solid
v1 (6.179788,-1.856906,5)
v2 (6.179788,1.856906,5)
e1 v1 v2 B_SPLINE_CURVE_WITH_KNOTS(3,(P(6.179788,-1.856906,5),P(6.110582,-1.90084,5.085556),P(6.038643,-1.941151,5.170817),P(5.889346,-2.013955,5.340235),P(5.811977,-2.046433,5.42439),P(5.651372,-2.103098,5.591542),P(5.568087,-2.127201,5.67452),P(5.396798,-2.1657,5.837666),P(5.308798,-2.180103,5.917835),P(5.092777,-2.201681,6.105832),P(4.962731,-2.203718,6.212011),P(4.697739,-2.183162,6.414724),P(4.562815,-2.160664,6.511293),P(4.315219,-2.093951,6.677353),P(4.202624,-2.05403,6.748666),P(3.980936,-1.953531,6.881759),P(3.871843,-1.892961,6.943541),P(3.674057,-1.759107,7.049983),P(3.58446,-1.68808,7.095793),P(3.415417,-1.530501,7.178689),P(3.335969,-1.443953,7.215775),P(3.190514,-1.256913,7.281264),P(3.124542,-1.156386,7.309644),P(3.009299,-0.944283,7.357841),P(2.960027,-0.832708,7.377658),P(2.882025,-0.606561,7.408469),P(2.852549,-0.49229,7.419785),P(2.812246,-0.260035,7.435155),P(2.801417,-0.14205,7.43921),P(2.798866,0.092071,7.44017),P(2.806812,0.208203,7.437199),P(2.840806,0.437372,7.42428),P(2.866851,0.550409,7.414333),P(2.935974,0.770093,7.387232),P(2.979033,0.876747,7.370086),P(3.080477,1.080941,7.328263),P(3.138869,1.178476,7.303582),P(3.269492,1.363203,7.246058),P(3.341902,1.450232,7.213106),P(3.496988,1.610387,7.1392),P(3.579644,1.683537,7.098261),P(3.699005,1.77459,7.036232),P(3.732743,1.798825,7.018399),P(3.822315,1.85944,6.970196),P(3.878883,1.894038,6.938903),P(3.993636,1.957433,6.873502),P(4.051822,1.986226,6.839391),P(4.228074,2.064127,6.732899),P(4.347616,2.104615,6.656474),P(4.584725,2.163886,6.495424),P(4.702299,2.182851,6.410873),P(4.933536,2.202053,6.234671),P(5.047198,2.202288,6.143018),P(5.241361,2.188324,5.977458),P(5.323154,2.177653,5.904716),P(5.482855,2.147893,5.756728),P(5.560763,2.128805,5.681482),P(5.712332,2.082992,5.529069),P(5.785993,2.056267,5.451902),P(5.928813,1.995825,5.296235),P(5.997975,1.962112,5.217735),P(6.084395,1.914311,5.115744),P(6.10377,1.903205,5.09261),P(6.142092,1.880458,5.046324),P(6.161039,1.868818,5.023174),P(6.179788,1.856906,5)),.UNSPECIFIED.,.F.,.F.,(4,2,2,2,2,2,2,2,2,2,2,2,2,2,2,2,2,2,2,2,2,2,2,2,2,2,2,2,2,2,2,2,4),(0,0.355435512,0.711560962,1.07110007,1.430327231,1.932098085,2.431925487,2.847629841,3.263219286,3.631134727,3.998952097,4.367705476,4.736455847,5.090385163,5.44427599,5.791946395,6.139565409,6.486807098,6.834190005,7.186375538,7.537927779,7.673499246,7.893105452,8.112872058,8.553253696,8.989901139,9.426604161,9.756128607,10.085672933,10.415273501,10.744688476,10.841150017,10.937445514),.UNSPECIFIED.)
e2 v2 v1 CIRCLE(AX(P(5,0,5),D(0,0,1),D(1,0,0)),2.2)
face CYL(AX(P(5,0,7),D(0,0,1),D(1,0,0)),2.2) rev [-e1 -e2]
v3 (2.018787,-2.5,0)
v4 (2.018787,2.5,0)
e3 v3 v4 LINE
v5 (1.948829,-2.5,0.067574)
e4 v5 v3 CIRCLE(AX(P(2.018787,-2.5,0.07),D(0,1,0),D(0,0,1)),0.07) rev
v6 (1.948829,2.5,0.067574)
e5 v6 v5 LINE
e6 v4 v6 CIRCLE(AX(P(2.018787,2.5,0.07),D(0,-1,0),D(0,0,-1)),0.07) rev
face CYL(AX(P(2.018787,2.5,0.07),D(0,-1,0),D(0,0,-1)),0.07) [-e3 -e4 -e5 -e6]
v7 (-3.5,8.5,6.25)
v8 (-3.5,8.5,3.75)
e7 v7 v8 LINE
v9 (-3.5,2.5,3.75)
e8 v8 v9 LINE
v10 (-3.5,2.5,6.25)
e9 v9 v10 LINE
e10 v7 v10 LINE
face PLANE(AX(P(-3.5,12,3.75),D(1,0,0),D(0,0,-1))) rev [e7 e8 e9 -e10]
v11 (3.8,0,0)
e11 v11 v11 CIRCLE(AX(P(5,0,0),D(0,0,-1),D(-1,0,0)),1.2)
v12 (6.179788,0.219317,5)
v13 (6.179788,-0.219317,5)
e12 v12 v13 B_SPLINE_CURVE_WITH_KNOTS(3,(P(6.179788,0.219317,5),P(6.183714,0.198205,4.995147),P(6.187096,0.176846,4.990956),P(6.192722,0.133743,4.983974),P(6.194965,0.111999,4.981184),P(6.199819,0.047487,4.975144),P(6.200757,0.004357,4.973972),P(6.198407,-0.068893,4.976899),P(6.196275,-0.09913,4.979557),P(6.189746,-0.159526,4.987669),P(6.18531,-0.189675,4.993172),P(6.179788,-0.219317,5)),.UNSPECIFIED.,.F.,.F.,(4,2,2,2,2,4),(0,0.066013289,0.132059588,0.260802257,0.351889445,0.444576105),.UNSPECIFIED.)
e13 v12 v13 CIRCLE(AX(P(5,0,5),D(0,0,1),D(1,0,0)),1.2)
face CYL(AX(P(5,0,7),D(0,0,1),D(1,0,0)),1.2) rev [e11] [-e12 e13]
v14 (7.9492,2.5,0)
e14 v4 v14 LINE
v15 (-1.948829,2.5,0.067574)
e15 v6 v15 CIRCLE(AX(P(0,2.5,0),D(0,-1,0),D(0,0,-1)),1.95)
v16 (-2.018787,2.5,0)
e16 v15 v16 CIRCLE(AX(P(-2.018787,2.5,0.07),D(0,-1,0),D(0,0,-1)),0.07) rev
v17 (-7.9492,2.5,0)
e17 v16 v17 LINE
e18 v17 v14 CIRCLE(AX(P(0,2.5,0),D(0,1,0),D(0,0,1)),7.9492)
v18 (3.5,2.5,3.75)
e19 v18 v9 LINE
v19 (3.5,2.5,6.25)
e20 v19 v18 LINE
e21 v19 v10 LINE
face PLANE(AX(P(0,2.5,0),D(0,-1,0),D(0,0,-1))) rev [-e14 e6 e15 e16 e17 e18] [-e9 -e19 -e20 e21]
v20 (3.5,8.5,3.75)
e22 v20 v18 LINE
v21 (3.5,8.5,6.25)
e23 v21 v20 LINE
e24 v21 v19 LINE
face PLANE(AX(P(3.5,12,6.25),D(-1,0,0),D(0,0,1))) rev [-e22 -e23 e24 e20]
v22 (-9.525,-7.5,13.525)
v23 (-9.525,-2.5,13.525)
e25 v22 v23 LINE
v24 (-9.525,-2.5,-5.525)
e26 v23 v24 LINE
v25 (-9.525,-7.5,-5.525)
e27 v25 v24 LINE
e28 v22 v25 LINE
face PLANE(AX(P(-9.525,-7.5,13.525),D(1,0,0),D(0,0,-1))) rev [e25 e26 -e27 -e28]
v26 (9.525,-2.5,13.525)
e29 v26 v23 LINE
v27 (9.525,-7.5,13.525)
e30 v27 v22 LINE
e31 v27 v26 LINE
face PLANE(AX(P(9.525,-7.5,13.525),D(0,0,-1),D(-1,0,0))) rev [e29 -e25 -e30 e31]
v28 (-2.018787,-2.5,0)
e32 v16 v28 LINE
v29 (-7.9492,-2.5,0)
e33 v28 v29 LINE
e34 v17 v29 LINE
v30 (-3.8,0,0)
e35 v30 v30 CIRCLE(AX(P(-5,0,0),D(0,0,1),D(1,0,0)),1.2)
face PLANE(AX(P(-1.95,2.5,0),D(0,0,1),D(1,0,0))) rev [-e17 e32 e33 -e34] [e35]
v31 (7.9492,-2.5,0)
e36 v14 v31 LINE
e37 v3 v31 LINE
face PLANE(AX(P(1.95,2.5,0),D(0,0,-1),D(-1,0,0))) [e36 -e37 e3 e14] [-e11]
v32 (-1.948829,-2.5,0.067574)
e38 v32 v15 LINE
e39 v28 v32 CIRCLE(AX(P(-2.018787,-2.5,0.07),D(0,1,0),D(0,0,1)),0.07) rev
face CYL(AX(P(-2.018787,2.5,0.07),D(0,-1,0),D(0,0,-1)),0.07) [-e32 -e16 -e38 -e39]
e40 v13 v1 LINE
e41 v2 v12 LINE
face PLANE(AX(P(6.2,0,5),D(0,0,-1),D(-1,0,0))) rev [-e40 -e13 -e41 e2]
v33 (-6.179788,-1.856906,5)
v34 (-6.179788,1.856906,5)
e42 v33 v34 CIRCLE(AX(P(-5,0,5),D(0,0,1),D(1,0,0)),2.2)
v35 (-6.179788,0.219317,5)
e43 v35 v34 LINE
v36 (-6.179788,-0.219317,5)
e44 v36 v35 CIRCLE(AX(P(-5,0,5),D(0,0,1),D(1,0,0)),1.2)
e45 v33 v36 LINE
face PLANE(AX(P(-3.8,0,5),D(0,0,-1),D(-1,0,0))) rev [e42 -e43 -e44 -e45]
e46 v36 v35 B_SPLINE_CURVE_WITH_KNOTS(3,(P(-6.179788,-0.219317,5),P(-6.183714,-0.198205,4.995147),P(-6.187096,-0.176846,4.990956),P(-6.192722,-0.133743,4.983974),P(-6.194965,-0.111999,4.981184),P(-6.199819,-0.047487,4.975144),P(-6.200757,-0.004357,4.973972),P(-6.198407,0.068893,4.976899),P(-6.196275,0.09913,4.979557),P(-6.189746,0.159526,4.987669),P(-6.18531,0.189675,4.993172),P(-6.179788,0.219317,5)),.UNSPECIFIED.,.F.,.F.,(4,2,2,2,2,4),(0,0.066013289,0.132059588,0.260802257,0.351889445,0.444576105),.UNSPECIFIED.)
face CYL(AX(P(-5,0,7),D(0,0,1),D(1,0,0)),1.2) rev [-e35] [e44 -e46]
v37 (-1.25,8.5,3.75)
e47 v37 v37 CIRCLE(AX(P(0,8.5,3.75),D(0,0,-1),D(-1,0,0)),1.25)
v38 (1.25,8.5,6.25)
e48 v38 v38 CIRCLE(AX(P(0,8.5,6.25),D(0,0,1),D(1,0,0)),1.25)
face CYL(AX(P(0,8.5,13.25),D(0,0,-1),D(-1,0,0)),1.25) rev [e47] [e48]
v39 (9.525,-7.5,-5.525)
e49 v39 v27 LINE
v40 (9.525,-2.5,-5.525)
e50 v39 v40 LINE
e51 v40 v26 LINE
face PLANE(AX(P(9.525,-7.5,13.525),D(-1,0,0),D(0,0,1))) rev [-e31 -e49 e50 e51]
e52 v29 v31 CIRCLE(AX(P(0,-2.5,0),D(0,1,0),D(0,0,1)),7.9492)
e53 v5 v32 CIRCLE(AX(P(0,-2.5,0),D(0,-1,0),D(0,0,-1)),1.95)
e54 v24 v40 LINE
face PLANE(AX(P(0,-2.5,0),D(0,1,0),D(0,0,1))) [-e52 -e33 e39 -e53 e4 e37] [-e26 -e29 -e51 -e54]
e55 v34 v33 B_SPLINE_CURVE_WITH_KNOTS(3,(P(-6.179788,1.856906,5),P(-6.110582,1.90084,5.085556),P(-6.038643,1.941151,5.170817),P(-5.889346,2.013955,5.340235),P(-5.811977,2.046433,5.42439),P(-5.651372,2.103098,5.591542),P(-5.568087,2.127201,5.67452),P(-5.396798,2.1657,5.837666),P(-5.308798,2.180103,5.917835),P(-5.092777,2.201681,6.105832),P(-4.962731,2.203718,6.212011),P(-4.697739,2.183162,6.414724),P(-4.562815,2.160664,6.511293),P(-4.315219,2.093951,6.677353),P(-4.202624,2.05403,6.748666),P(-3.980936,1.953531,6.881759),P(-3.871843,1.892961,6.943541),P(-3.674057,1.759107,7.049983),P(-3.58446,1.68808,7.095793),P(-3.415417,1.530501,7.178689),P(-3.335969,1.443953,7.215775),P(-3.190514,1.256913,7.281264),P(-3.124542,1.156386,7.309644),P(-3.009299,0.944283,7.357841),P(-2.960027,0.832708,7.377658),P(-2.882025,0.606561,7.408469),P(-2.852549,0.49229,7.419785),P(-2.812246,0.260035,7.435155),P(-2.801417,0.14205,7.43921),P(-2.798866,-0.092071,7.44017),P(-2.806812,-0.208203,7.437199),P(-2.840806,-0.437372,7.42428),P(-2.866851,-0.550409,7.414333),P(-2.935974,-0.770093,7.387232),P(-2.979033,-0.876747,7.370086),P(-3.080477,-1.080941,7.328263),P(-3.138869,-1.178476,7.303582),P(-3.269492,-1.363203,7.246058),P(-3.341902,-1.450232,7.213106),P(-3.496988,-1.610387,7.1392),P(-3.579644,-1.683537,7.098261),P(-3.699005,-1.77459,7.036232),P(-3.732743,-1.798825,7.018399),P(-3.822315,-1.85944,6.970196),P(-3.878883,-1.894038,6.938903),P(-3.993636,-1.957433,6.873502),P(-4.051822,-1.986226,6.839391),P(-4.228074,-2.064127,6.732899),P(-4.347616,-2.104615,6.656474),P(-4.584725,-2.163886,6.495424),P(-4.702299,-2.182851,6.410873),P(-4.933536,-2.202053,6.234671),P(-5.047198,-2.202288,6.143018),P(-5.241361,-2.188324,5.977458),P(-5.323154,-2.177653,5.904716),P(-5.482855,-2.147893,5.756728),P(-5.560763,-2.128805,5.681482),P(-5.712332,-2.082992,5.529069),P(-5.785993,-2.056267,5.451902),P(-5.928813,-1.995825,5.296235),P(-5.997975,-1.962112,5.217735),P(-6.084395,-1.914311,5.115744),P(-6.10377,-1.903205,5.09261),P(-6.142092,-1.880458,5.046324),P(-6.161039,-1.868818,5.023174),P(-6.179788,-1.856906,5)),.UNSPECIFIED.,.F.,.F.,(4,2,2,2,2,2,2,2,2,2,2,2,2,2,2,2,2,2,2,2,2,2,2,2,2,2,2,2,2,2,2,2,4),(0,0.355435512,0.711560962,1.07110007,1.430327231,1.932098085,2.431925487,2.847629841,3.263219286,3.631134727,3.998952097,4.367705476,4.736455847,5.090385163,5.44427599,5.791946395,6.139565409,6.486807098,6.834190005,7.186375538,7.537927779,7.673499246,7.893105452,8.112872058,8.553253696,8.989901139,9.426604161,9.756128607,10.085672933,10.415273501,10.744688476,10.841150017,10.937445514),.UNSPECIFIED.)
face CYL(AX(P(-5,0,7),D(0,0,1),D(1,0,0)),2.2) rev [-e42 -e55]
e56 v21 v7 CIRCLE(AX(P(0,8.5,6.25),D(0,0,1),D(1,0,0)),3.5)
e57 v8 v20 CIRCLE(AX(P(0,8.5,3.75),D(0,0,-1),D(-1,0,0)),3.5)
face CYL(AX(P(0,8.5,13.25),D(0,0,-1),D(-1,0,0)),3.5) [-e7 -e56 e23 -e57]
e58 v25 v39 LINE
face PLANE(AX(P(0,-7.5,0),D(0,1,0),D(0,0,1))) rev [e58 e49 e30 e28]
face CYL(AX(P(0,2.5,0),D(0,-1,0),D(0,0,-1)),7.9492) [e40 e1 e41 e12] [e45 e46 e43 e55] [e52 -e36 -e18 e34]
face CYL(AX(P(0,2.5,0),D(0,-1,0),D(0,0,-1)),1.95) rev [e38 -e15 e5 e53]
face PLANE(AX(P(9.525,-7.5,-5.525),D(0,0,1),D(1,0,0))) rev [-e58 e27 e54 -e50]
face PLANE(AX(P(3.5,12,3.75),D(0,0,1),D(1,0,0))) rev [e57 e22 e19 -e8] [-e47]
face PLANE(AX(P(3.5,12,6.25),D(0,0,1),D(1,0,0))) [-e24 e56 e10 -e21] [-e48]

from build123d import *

# Parameters (mm, degrees)
BOSS_EXTRUDE1_DEPTH           = 2.5
SKETCH2_W                     = 7
SKETCH2_H                     = 2.5
BOSS_EXTRUDE2_DEPTH           = 9.5
CUT_EXTRUDE1_DEPTH            = 9.5
SKETCH4_R                     = 1.25
CUT_EXTRUDE2_DEPTH            = 9.5
CBORE_FOR_M2_SHCS1_AT_2_COUNT = 2
CBORE_FOR_M2_SHCS1_AT_2_PITCH = 10
SKETCH8_R                     = 2.2
CUT_EXTRUDE3_DEPTH            = 9.5
SKETCH11_W                    = 19.05
SKETCH11_H                    = 19.05
BOSS_EXTRUDE3_DEPTH           = 5
FILLET1_R                     = 0.07


with BuildPart() as part:
    # Sketch1 → Boss-Extrude1 (new body, symmetric)
    with BuildSketch(Plane(origin=(0, 0, 0), x_dir=(1, 0, 0), z_dir=(0, 1, 0))):
        with BuildLine():
            Line((1.95, 0), (7.9492, 0))
            ThreePointArc((7.9492, 0), (0, -7.9492), (-7.9492, 0))
            Line((-7.9492, 0), (-1.95, 0))
            ThreePointArc((-1.95, 0), (0, -1.95), (1.95, 0))
        make_face()
    extrude(amount=BOSS_EXTRUDE1_DEPTH, both=True)

    # Sketch2 → Boss-Extrude2 (add)
    with BuildSketch(Plane(origin=(0, 2.5, 0), x_dir=(1, 0, 0), z_dir=(0, 1, 0))):
        with Locations((0, -5)):
            Rectangle(SKETCH2_W, SKETCH2_H)
    extrude(amount=BOSS_EXTRUDE2_DEPTH)

    # Sketch3 → Cut-Extrude1 (cut)
    with BuildSketch(Plane(origin=(0, 0, 3.75), x_dir=(-1, 0, 0), z_dir=(0, 0, -1))):
        with BuildLine():
            Line((-3.5, 8.5), (-3.5, 14.886359519))
            Line((-3.5, 14.886359519), (0, 16.809201746))
            Line((0, 16.809201746), (3.5, 14.5))
            Line((3.5, 14.5), (3.5, 8.5))
            ThreePointArc((3.5, 8.5), (0, 12), (-3.5, 8.5))
        make_face()
    extrude(amount=-CUT_EXTRUDE1_DEPTH, mode=Mode.SUBTRACT)

    # Sketch4 → Cut-Extrude2 (cut)
    with BuildSketch(Plane(origin=(0, 0, 3.75), x_dir=(-1, 0, 0), z_dir=(0, 0, -1))):
        with Locations((0, 8.5)):
            Circle(SKETCH4_R)
    extrude(amount=-CUT_EXTRUDE2_DEPTH, mode=Mode.SUBTRACT)

    # Sketch7 → CBORE for M2 SHCS1 (revolve, cut)
    with BuildSketch(Plane(origin=(5, 0, 7), x_dir=(0, -1, 0), z_dir=(1, 0, 0))):
        Polygon((0, 0), (0, 7), (1.2, 7), (1.2, 2), (2.2, 2), (2.2, 0), align=None)
    cbore_for_m2_shcs1 = revolve(axis=Axis((5, 0, 13.35), (0, 0, -1)), mode=Mode.SUBTRACT)

    # CBORE for M2 SHCS1 at 2: CBORE for M2 SHCS1 ×2
    with Locations(*[(-i * CBORE_FOR_M2_SHCS1_AT_2_PITCH, 0, 0) for i in range(1, CBORE_FOR_M2_SHCS1_AT_2_COUNT)]):
        add(cbore_for_m2_shcs1, mode=Mode.SUBTRACT)

    # Sketch8 → Cut-Extrude3 (cut)
    with BuildSketch(Plane(origin=(0, 0, 7), x_dir=(-1, 0, 0), z_dir=(0, 0, -1))):
        with Locations((-5, 0)):
            Circle(SKETCH8_R)
        with Locations((5, 0)):
            Circle(SKETCH8_R)
    extrude(amount=-CUT_EXTRUDE3_DEPTH, mode=Mode.SUBTRACT)

    # Sketch11 → Boss-Extrude3 (add)
    with BuildSketch(Plane.XZ.offset(2.5)):
        with Locations((0, 4)):
            Rectangle(SKETCH11_W, SKETCH11_H)
    extrude(amount=BOSS_EXTRUDE3_DEPTH)

    # Fillet1
    fillet1_edges = [part.edges().sort_by_distance(p)[0] for p in [
        (1.95, 0, 0),
        (-1.95, 0, 0),
    ]]
    fillet(fillet1_edges, radius=FILLET1_R)


solid = part.part
